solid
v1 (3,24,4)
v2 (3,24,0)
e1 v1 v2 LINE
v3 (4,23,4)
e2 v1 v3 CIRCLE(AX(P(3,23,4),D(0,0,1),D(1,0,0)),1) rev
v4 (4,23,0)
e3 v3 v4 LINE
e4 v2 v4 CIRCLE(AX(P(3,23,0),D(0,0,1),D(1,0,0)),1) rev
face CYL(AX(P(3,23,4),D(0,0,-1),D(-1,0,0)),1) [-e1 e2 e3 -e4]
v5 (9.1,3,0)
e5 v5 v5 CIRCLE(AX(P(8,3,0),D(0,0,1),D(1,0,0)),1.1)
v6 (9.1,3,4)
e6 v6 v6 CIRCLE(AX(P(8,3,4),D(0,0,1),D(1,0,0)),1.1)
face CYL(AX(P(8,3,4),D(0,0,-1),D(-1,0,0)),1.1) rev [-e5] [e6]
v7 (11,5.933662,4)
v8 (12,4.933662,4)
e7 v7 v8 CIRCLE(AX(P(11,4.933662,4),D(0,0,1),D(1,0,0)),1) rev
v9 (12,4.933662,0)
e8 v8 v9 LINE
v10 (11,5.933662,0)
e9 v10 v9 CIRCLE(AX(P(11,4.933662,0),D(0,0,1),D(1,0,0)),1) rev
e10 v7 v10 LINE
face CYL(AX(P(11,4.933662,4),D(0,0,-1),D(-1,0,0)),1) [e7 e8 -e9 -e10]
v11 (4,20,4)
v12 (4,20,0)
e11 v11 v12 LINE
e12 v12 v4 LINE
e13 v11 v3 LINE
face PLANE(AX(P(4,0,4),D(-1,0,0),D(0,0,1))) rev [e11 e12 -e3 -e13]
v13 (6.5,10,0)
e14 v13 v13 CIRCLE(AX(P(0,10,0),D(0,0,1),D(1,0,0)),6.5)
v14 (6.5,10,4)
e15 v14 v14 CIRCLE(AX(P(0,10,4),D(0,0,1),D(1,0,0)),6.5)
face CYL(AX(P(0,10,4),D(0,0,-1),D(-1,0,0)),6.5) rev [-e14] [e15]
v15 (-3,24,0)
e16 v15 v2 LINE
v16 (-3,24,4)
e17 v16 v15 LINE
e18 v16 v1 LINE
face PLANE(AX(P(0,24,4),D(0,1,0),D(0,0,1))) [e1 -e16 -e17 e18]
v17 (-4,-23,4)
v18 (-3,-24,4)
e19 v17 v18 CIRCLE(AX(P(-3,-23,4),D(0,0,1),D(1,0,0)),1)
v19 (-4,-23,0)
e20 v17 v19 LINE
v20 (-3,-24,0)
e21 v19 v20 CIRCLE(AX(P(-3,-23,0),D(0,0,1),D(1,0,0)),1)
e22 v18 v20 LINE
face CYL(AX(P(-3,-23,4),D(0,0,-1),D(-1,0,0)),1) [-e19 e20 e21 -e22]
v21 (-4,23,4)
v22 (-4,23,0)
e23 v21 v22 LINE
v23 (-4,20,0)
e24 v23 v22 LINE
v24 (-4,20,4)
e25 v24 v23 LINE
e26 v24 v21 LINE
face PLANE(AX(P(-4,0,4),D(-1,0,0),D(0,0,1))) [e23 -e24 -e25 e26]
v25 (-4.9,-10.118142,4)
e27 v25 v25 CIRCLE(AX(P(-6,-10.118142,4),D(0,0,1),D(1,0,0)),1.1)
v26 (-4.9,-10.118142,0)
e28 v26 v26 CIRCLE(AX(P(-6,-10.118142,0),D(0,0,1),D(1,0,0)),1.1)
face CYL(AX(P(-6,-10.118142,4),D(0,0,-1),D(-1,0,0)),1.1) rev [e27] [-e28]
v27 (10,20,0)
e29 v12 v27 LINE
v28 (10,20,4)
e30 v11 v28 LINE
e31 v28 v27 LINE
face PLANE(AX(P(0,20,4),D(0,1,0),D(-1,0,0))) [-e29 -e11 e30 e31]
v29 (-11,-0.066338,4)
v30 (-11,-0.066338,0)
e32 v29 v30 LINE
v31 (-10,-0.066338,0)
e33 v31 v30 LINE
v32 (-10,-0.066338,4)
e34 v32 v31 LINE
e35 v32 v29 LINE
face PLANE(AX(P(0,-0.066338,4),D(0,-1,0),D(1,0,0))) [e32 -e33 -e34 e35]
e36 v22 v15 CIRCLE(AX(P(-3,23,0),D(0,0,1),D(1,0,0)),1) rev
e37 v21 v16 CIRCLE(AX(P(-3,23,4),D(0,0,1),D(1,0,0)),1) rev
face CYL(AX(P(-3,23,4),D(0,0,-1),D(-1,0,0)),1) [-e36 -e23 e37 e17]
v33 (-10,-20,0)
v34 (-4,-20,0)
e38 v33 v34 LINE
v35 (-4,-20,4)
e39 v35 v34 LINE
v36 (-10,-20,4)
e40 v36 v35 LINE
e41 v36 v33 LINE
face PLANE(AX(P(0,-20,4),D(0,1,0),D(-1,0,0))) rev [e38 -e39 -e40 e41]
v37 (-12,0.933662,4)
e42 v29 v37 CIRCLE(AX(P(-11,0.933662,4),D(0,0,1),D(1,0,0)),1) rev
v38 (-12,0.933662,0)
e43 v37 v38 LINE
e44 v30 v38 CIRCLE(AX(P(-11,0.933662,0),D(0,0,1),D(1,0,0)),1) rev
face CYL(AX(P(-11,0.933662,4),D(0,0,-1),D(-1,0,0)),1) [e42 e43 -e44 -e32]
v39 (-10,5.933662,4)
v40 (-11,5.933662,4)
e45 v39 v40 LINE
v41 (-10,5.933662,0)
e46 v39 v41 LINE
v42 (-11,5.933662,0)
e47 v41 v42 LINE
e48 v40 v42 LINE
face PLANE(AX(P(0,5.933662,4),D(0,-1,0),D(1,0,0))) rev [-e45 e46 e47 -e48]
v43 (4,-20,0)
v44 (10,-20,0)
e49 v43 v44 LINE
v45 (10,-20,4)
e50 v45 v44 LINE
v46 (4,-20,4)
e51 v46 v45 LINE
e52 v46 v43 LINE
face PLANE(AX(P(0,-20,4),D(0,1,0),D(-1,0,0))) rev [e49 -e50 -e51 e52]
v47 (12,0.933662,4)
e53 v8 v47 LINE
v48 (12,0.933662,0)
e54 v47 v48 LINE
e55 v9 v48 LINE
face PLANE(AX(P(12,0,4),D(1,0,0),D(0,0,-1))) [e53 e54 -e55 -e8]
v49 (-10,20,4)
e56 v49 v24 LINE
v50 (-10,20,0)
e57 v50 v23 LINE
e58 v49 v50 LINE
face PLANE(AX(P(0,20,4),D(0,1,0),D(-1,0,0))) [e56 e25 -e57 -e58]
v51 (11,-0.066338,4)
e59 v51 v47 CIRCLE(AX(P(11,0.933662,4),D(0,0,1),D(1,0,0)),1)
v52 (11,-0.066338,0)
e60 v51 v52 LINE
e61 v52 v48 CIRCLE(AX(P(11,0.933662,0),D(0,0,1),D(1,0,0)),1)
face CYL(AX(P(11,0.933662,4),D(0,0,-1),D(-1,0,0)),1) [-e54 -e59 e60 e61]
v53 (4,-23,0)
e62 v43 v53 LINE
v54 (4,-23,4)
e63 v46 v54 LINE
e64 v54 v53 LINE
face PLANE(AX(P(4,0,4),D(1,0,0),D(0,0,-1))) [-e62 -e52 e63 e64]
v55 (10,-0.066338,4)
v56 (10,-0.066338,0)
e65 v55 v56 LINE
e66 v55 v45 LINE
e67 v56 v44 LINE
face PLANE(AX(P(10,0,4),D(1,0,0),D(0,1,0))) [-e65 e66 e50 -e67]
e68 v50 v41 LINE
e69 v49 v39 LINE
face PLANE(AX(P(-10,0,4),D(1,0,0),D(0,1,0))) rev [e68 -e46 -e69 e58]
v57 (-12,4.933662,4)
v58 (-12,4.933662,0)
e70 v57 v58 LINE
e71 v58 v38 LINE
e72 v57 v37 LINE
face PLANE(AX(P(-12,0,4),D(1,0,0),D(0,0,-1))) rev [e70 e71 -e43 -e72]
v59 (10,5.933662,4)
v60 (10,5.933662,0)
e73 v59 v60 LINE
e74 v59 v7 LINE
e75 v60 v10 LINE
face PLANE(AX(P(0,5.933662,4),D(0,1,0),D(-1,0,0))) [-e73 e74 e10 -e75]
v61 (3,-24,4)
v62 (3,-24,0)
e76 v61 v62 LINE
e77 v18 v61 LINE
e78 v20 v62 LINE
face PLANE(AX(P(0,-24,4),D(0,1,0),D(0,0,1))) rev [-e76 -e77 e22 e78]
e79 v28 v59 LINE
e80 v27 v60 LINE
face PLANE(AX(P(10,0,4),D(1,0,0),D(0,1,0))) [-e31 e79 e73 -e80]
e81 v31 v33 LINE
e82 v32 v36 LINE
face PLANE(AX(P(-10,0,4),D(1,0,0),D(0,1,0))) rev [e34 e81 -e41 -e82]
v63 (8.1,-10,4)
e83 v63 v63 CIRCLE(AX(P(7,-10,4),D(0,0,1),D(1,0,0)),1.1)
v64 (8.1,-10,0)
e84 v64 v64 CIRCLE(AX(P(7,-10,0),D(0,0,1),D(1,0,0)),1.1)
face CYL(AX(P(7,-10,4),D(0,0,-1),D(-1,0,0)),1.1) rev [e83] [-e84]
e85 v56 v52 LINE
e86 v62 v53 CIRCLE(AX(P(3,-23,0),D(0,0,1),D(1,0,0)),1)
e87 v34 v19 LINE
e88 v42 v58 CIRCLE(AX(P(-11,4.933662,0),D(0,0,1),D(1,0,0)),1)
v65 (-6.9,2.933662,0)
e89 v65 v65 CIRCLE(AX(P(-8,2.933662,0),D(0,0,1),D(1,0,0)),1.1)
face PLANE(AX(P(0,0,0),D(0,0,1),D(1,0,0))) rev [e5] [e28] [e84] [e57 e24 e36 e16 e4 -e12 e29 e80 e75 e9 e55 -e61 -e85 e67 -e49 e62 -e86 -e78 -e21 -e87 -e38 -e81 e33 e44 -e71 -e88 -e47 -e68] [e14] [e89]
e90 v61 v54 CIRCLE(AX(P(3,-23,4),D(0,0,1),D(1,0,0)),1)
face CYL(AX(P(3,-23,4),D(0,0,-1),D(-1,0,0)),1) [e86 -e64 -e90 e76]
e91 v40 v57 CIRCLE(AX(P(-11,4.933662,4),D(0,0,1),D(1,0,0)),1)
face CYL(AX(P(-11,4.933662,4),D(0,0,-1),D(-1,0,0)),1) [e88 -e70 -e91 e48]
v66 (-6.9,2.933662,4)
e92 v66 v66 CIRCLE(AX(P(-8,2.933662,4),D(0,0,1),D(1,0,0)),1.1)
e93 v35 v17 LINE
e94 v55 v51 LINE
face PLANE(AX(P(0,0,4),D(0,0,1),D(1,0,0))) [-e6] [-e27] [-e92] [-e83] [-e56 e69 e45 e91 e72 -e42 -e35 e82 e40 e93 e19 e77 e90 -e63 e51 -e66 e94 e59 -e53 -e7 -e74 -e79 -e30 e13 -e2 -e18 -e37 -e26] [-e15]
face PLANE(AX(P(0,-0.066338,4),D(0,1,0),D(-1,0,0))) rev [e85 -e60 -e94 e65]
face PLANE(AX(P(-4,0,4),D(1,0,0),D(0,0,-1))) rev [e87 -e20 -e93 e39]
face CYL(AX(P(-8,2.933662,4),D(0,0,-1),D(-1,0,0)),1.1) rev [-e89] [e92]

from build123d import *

# Parameters (mm, degrees)
SKETCH1_W           = 20
SKETCH1_H           = 40
SKETCH1_R           = 1.1
SKETCH1_R_2         = 6.5
BOSS_EXTRUDE2_DEPTH = 4


with BuildPart() as part:
    # Sketch1 → Boss-Extrude2 (new body)
    with BuildSketch(Plane.XY):
        Rectangle(SKETCH1_W, SKETCH1_H)
        with Locations((7, -10)):
            Circle(SKETCH1_R, mode=Mode.SUBTRACT)
        with Locations((-6, -10.118141531)):
            Circle(SKETCH1_R, mode=Mode.SUBTRACT)
        with Locations((-8, 2.93366218)):
            Circle(SKETCH1_R, mode=Mode.SUBTRACT)
        with Locations((8, 3)):
            Circle(SKETCH1_R, mode=Mode.SUBTRACT)
        with Locations((0, 10)):
            Circle(SKETCH1_R_2, mode=Mode.SUBTRACT)
        with BuildLine():
            Line((-4, 23), (-4, 20))
            Line((-4, 20), (4, 20))
            Line((4, 20), (4, 23))
            ThreePointArc((4, 23), (3.707106781, 23.707106781), (3, 24))
            Line((3, 24), (-3, 24))
            ThreePointArc((-3, 24), (-3.707106781, 23.707106781), (-4, 23))
        make_face()
        with BuildLine():
            Line((11, 5.93366218), (10, 5.93366218))
            Line((10, 5.93366218), (10, -0.06633782))
            Line((10, -0.06633782), (11, -0.06633782))
            ThreePointArc((11, -0.06633782), (11.707106781, 0.226555399), (12, 0.93366218))
            Line((12, 0.93366218), (12, 4.93366218))
            ThreePointArc((12, 4.93366218), (11.707106781, 5.640768961), (11, 5.93366218))
        make_face()
        with BuildLine():
            Line((4, -20), (-4, -20))
            Line((-4, -20), (-4, -23))
            ThreePointArc((-4, -23), (-3.707106781, -23.707106781), (-3, -24))
            Line((-3, -24), (3, -24))
            ThreePointArc((3, -24), (3.707106781, -23.707106781), (4, -23))
            Line((4, -23), (4, -20))
        make_face()
        with BuildLine():
            Line((-10, -0.06633782), (-10, 5.93366218))
            Line((-10, 5.93366218), (-11, 5.93366218))
            ThreePointArc((-11, 5.93366218), (-11.707106781, 5.640768961), (-12, 4.93366218))
            Line((-12, 4.93366218), (-12, 0.93366218))
            ThreePointArc((-12, 0.93366218), (-11.707106781, 0.226555399), (-11, -0.06633782))
            Line((-11, -0.06633782), (-10, -0.06633782))
        make_face()
    extrude(amount=BOSS_EXTRUDE2_DEPTH)


solid = part.part
